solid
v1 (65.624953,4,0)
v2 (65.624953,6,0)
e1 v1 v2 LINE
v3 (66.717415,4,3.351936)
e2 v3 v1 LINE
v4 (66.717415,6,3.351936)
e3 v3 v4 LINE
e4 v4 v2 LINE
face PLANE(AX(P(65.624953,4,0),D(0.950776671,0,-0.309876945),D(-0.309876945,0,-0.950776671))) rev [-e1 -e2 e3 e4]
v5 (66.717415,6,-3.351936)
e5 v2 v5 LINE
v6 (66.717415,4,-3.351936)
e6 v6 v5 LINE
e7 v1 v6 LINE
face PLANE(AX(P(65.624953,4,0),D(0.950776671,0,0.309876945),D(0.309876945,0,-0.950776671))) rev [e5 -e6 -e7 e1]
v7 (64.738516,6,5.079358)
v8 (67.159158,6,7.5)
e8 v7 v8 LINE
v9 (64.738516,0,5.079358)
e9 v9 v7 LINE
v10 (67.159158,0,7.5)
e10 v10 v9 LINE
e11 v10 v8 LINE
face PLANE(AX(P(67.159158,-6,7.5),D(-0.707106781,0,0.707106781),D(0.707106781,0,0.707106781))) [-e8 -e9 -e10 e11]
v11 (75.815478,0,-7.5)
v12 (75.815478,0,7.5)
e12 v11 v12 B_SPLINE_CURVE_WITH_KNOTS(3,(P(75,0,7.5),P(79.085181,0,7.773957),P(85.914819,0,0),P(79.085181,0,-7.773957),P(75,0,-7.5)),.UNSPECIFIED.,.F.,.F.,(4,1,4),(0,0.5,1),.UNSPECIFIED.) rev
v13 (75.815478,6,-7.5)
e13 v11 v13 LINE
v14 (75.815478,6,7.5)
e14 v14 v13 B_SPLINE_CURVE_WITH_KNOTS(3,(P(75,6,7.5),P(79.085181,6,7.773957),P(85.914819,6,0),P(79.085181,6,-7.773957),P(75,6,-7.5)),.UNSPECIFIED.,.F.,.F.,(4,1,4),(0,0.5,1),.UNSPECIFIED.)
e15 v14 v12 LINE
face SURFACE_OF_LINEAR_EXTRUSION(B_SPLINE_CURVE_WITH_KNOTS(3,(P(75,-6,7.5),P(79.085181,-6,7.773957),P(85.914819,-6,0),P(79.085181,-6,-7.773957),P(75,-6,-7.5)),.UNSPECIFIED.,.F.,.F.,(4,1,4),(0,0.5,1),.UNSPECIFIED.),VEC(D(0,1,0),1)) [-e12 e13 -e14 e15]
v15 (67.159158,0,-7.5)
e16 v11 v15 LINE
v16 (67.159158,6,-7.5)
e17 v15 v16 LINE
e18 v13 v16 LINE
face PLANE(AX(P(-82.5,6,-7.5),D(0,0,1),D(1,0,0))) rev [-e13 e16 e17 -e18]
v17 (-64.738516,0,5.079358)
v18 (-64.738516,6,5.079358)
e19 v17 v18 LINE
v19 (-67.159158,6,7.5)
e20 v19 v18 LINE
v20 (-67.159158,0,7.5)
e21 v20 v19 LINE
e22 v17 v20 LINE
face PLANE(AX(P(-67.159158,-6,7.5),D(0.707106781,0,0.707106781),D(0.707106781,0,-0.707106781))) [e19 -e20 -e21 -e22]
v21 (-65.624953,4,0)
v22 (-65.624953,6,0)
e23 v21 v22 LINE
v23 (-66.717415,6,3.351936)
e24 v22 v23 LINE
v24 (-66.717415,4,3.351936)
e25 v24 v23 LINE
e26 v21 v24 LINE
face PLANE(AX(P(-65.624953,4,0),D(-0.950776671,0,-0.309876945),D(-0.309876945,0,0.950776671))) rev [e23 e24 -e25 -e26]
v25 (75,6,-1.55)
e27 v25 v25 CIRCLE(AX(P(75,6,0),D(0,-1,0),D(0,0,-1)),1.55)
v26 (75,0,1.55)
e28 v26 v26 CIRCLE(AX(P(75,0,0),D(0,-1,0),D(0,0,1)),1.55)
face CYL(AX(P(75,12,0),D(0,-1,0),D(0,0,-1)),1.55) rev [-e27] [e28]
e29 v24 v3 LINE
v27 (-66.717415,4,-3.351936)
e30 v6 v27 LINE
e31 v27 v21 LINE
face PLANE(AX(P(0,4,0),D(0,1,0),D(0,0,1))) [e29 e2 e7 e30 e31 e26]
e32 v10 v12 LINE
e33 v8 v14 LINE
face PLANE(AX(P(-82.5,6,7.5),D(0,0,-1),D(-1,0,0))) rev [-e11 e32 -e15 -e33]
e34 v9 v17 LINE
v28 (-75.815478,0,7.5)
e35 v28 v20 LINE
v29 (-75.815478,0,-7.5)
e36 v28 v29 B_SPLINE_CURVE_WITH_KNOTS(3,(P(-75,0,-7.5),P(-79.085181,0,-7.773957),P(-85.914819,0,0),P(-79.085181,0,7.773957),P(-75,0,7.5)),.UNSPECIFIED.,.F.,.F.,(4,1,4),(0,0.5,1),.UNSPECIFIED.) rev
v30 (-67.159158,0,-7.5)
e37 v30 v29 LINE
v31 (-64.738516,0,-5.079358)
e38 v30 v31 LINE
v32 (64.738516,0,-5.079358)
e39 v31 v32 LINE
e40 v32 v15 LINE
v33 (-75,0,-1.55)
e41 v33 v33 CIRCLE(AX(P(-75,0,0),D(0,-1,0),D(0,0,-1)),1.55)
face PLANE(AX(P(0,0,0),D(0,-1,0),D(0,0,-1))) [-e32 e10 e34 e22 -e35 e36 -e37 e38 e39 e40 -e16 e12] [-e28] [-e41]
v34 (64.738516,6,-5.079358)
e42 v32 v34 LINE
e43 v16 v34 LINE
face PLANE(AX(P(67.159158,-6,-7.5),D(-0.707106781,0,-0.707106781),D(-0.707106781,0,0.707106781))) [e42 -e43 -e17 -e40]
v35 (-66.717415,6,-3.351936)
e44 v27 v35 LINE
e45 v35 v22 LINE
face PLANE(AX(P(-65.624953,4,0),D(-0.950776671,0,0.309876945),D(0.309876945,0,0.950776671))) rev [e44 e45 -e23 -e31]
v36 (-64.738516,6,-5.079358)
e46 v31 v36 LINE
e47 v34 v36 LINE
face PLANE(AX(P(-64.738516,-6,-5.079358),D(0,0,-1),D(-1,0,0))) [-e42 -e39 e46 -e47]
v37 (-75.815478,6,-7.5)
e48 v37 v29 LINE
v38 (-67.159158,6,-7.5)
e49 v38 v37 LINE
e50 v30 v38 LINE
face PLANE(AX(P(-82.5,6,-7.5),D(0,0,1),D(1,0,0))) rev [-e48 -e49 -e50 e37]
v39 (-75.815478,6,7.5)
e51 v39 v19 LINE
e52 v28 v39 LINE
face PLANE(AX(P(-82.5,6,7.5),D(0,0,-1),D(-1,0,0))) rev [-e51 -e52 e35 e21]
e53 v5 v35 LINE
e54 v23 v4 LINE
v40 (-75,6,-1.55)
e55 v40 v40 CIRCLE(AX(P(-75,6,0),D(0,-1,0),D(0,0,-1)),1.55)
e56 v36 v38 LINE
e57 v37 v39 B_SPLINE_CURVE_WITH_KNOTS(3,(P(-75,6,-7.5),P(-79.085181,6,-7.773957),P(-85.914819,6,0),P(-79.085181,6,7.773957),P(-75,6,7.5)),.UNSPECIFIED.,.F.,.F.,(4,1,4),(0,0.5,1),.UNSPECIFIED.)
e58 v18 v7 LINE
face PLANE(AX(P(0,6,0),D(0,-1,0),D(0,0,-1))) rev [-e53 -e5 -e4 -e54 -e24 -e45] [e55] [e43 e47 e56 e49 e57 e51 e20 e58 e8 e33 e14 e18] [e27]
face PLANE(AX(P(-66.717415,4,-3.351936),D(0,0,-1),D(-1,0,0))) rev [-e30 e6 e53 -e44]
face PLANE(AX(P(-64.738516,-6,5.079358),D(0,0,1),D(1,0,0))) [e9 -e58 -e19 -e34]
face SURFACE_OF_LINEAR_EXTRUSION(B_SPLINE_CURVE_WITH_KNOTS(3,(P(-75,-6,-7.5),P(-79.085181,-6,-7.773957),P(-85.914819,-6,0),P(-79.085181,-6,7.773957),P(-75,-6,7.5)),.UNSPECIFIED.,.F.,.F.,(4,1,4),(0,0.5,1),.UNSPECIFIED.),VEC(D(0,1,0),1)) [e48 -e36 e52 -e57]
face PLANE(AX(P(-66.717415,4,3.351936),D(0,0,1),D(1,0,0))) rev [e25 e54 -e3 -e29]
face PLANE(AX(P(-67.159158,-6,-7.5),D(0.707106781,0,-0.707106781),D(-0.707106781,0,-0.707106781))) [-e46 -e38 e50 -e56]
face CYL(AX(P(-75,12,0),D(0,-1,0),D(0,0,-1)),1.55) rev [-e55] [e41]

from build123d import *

# Parameters (mm, degrees)
ESQUISSE1_W             = 165
ESQUISSE1_H             = 15
BOSS_EXTRU_1_DEPTH      = 6
ESQUISSE4_W             = 180.64112288
ESQUISSE4_H             = 30
ENL_V_MAT_EXTRU_1_DEPTH = 12
ESQUISSE3_R             = 1.55
ENL_V_MAT_EXTRU_2_DEPTH = 12
ENL_V_MAT_EXTRU_3_DEPTH = 2


with BuildPart() as part:
    # Esquisse1 → Boss.-Extru.1 (new body)
    with BuildSketch(Plane(origin=(0, 0, 0), x_dir=(1, 0, 0), z_dir=(0, 1, 0))):
        Rectangle(ESQUISSE1_W, ESQUISSE1_H)
    extrude(amount=BOSS_EXTRU_1_DEPTH)

    # Esquisse4 → Enlèv. mat.-Extru.1 (cut)
    with BuildSketch(Plane(origin=(0, 6, 0), x_dir=(1, 0, 0), z_dir=(0, 1, 0))):
        Rectangle(ESQUISSE4_W, ESQUISSE4_H)
        with BuildLine():
            Line((-67.159158072, 7.5), (-64.738516234, 5.079358161))
            Line((-64.738516234, 5.079358161), (64.738516234, 5.079358161))
            Line((64.738516234, 5.079358161), (67.159158072, 7.5))
            Line((67.159158072, 7.5), (75, 7.5))
            add(Edge.make_bspline(
                [(75, 7.5), (79.08518124, 7.773957054), (85.914818759, -1e-09), (79.085181242, -7.773957053), (75, -7.5)],
                knots=[0, 0, 0, 0, 0.5, 1, 1, 1, 1], degree=3))
            Line((75, -7.5), (67.159158072, -7.5))
            Line((67.159158072, -7.5), (64.738516234, -5.079358161))
            Line((64.738516234, -5.079358161), (-64.738516234, -5.079358161))
            Line((-64.738516234, -5.079358161), (-67.159158072, -7.5))
            Line((-67.159158072, -7.5), (-75, -7.5))
            add(Edge.make_bspline(
                [(-75, 7.5), (-79.08518124, 7.773957054), (-85.914818759, -1e-09), (-79.085181242, -7.773957053), (-75, -7.5)],
                knots=[0, 0, 0, 0, 0.5, 1, 1, 1, 1], degree=3))
            Line((-75, 7.5), (-67.159158072, 7.5))
        make_face(mode=Mode.SUBTRACT)
    extrude(amount=-ENL_V_MAT_EXTRU_1_DEPTH, mode=Mode.SUBTRACT)

    # Esquisse3 → Enlèv. mat.-Extru.2 (cut)
    with BuildSketch(Plane.XZ):
        with Locations(Location((-75, 0, 0), (0, 0, 270))):
            Circle(ESQUISSE3_R)
        with Locations(Location((75, 0, 0), (0, 0, 270))):
            Circle(ESQUISSE3_R)
    extrude(amount=-ENL_V_MAT_EXTRU_2_DEPTH, mode=Mode.SUBTRACT)

    # Esquisse5 → Enlèv. mat.-Extru.3 (cut)
    with BuildSketch(Plane(origin=(0, 6, 0), x_dir=(1, 0, 0), z_dir=(0, 1, 0))):
        Polygon((-65.624952607, 0), (-66.717415088, 3.351936497), (66.717415088, 3.351936497), (65.624952607, 0), (66.717415088, -3.351936497), (-66.717415088, -3.351936497), align=None)
    extrude(amount=-ENL_V_MAT_EXTRU_3_DEPTH, mode=Mode.SUBTRACT)


solid = part.part
